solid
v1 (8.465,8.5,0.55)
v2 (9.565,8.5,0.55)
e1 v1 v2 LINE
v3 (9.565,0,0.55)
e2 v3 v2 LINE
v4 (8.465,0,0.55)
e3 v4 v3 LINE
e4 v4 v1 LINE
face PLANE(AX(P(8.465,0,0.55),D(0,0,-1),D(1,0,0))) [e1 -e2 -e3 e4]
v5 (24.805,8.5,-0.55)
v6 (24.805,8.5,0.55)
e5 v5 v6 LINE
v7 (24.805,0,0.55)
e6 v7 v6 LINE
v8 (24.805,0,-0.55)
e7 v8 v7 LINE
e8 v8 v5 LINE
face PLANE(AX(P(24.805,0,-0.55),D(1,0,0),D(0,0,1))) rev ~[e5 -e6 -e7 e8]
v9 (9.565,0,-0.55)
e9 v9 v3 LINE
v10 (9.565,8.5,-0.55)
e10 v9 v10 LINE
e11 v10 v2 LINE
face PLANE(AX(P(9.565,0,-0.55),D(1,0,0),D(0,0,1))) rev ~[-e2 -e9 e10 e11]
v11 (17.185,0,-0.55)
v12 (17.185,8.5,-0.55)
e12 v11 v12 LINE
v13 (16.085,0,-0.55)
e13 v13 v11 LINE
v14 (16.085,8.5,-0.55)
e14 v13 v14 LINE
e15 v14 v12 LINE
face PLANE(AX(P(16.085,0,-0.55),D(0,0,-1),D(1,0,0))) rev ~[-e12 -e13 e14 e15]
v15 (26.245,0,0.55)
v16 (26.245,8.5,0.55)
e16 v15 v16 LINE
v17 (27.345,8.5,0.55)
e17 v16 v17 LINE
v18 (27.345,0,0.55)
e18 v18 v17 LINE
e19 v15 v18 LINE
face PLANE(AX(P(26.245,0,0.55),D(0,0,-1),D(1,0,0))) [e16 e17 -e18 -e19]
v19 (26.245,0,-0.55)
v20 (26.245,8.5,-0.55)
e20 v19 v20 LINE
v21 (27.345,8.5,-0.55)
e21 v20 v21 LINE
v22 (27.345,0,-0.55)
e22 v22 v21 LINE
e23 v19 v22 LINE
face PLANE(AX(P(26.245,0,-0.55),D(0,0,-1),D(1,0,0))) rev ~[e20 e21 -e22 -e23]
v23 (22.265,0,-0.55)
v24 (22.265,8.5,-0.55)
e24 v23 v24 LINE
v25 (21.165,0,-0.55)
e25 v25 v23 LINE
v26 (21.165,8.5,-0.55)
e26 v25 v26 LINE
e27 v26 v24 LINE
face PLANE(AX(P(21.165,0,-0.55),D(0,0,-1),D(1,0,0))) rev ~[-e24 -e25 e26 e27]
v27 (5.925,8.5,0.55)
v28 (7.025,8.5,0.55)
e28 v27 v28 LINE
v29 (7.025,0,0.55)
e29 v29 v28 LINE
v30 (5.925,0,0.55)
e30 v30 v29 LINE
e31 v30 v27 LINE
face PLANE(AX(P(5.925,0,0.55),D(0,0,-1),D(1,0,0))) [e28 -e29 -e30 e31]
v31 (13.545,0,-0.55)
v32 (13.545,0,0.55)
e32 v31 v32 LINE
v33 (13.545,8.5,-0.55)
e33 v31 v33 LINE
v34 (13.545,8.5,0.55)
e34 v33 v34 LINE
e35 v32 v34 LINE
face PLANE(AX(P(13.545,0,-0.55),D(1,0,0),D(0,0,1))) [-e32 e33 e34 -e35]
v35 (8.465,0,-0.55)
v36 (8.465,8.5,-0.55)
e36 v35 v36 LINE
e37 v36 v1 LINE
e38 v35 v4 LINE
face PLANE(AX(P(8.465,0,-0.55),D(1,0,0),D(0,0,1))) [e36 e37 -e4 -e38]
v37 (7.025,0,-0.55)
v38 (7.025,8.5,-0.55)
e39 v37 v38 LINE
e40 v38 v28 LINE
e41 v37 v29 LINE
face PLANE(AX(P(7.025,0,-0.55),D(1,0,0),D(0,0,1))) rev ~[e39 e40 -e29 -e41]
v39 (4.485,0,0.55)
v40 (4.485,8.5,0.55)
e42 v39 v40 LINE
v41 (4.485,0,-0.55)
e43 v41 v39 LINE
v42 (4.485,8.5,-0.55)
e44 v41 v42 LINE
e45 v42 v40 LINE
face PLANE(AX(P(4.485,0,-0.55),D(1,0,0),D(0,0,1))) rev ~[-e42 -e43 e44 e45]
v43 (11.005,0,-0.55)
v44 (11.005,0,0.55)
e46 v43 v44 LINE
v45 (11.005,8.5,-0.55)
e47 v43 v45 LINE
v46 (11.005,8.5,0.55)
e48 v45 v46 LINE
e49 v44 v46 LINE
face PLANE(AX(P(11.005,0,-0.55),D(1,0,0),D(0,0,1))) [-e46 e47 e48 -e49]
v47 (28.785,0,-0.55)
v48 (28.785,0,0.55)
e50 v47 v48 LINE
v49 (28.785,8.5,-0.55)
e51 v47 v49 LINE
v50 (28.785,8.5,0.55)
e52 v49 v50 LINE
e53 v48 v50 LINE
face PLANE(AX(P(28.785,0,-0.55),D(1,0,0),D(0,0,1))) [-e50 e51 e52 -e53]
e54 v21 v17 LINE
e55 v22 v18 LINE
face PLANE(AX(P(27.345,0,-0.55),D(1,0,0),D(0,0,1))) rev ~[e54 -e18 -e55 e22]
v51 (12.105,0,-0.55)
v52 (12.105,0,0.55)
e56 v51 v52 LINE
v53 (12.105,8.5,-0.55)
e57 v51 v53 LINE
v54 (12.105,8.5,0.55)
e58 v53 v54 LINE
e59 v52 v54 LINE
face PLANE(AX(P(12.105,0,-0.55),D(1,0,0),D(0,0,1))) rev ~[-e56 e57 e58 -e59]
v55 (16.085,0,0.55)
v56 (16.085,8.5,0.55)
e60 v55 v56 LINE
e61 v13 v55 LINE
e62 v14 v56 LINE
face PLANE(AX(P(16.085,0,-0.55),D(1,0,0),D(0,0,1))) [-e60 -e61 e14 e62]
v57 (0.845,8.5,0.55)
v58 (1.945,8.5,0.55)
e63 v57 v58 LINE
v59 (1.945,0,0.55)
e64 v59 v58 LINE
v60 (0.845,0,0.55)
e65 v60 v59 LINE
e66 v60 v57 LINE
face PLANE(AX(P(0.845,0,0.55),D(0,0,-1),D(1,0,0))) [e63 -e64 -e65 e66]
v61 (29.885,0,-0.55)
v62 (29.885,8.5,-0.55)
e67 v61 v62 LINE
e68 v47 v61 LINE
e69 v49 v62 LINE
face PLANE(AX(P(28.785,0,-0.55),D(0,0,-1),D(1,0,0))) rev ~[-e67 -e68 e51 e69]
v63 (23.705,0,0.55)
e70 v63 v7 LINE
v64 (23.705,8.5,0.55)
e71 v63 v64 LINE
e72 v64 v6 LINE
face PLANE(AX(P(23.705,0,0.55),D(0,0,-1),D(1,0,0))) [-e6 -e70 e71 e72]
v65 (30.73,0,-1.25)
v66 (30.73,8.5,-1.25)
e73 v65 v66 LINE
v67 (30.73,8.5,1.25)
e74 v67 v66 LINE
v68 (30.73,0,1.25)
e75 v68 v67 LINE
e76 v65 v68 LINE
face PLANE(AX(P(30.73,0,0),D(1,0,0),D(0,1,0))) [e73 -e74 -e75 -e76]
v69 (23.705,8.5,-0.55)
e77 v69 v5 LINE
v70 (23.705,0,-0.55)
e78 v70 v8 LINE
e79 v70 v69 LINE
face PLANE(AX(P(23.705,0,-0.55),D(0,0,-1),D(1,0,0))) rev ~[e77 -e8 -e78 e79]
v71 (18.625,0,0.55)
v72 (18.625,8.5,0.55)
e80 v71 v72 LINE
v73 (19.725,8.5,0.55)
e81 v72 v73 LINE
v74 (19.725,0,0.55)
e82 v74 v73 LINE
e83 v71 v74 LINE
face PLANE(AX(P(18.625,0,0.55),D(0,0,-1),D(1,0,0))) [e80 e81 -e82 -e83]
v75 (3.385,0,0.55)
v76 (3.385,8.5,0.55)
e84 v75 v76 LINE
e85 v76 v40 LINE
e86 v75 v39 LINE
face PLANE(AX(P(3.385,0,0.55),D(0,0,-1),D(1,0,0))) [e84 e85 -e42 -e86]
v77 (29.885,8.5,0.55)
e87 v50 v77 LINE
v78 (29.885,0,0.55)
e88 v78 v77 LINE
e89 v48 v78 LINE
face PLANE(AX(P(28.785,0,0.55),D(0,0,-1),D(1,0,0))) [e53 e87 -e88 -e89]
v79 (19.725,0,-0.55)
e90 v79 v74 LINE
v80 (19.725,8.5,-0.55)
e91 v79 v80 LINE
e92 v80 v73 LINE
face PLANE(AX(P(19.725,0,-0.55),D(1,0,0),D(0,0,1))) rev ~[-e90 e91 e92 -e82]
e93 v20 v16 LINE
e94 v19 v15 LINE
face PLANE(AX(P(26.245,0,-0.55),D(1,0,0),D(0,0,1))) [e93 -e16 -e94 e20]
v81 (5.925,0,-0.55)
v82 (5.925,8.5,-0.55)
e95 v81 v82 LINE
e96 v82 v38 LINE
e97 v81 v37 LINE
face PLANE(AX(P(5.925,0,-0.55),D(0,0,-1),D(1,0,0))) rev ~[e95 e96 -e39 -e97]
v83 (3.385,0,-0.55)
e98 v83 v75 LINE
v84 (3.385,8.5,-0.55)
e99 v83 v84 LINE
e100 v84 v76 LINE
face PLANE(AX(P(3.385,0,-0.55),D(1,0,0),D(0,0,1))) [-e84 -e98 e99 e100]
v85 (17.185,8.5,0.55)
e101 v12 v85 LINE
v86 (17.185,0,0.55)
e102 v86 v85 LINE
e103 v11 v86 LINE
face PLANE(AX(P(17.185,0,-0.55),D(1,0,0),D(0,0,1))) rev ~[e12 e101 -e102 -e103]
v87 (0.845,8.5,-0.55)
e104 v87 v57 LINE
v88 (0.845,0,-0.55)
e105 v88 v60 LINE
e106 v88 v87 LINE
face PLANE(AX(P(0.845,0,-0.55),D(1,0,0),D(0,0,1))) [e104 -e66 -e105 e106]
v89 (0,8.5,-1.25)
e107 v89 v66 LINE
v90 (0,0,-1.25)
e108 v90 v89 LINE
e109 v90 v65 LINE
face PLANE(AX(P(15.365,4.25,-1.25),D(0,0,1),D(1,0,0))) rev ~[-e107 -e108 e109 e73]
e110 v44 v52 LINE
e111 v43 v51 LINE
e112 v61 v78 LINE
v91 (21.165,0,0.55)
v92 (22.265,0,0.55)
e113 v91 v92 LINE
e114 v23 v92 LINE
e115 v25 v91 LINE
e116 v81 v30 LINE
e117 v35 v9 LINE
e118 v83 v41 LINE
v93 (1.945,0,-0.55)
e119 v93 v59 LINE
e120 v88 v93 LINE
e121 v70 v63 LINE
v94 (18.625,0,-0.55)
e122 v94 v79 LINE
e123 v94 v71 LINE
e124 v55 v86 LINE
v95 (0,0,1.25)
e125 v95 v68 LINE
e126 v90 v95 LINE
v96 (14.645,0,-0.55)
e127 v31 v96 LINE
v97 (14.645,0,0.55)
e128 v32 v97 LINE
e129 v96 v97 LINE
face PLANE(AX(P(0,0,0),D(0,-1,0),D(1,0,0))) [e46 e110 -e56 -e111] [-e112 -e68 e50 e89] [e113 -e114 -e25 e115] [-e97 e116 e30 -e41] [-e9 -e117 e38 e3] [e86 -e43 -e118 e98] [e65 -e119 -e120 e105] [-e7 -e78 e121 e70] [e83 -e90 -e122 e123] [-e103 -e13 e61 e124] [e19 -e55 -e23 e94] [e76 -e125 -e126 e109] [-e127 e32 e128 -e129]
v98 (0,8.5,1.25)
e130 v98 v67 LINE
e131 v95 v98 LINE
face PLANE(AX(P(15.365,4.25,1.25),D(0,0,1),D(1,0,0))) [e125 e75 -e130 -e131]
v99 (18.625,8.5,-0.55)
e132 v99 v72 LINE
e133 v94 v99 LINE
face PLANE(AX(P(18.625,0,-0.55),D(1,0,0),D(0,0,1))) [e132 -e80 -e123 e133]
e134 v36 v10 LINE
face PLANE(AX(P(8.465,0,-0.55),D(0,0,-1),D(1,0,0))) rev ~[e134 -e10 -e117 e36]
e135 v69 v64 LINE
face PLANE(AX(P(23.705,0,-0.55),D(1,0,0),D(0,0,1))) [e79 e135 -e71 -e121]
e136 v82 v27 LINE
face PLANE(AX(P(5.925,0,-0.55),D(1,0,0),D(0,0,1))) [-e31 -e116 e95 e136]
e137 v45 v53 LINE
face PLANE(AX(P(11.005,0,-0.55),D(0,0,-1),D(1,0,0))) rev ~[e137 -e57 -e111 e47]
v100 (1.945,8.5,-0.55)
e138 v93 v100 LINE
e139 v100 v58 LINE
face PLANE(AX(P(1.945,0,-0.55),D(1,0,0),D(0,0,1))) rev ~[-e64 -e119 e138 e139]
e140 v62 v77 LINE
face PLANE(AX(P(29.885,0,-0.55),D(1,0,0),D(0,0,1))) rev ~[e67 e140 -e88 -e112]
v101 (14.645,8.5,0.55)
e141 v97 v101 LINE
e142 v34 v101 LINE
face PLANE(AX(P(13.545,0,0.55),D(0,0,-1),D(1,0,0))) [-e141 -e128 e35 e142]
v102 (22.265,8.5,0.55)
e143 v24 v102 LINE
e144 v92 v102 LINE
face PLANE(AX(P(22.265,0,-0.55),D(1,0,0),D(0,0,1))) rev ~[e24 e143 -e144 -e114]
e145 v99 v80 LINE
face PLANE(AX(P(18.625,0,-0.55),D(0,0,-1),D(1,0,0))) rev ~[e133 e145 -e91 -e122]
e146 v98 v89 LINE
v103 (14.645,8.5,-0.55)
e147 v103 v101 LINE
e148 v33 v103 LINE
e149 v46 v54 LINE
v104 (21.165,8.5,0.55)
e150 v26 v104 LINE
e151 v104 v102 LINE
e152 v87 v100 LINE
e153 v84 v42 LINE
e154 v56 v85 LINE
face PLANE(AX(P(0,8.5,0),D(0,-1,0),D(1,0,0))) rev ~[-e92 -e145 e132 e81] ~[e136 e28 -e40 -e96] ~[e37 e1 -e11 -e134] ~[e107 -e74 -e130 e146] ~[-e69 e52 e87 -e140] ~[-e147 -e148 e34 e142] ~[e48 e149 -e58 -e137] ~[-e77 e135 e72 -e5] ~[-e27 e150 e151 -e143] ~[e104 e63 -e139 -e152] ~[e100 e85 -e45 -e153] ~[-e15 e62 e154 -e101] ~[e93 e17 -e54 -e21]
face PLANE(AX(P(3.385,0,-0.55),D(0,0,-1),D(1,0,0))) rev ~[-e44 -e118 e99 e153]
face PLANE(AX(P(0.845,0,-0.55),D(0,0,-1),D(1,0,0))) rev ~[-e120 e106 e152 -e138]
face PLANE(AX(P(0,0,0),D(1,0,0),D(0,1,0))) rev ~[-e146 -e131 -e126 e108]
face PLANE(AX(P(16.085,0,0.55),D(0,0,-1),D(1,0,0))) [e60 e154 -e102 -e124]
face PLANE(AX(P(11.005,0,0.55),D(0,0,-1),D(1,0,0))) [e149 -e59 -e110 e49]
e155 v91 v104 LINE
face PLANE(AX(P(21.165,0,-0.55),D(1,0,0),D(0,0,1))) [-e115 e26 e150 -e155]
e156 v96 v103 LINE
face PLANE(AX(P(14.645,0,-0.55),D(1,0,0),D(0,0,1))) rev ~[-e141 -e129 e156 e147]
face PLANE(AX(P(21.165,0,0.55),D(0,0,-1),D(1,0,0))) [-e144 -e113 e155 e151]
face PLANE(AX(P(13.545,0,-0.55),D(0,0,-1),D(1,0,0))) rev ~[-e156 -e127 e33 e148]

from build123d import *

# Parameters (mm, degrees)
SKETCH1_W           = 30.73
SKETCH1_H           = 8.5
BOSS_EXTRUDE1_DEPTH = 1.25
SKETCH2_W           = 1.1
SKETCH2_H           = 1.1
CUT_EXTRUDE1_DEPTH  = 32.908390746


with BuildPart() as part:
    # Sketch1 → Boss-Extrude1 (new, symmetric)
    with BuildSketch(Plane.XY):
        with Locations((15.365, 4.25)):
            Rectangle(SKETCH1_W, SKETCH1_H)
    extrude(amount=BOSS_EXTRUDE1_DEPTH, both=True)

    # Sketch2 → Cut-Extrude1 (cut, through all)
    with BuildSketch(Plane.XZ):
        with Locations((3.935, 0)):
            Rectangle(SKETCH2_W, SKETCH2_H)
        with Locations((1.395, 0)):
            Rectangle(SKETCH2_W, SKETCH2_H)
        with Locations((6.475, 0)):
            Rectangle(SKETCH2_W, SKETCH2_H)
        with Locations((9.015, 0)):
            Rectangle(SKETCH2_W, SKETCH2_H)
        with Locations((11.555, 0)):
            Rectangle(SKETCH2_W, SKETCH2_H)
        with Locations((14.095, 0)):
            Rectangle(SKETCH2_W, SKETCH2_H)
        with Locations((16.635, 0)):
            Rectangle(SKETCH2_W, SKETCH2_H)
        with Locations((19.175, 0)):
            Rectangle(SKETCH2_W, SKETCH2_H)
        with Locations((21.715, 0)):
            Rectangle(SKETCH2_W, SKETCH2_H)
        with Locations((24.255, 0)):
            Rectangle(SKETCH2_W, SKETCH2_H)
        with Locations((26.795, 0)):
            Rectangle(SKETCH2_W, SKETCH2_H)
        with Locations((29.335, 0)):
            Rectangle(SKETCH2_W, SKETCH2_H)
    extrude(amount=-CUT_EXTRUDE1_DEPTH, mode=Mode.SUBTRACT)


solid = part.part
